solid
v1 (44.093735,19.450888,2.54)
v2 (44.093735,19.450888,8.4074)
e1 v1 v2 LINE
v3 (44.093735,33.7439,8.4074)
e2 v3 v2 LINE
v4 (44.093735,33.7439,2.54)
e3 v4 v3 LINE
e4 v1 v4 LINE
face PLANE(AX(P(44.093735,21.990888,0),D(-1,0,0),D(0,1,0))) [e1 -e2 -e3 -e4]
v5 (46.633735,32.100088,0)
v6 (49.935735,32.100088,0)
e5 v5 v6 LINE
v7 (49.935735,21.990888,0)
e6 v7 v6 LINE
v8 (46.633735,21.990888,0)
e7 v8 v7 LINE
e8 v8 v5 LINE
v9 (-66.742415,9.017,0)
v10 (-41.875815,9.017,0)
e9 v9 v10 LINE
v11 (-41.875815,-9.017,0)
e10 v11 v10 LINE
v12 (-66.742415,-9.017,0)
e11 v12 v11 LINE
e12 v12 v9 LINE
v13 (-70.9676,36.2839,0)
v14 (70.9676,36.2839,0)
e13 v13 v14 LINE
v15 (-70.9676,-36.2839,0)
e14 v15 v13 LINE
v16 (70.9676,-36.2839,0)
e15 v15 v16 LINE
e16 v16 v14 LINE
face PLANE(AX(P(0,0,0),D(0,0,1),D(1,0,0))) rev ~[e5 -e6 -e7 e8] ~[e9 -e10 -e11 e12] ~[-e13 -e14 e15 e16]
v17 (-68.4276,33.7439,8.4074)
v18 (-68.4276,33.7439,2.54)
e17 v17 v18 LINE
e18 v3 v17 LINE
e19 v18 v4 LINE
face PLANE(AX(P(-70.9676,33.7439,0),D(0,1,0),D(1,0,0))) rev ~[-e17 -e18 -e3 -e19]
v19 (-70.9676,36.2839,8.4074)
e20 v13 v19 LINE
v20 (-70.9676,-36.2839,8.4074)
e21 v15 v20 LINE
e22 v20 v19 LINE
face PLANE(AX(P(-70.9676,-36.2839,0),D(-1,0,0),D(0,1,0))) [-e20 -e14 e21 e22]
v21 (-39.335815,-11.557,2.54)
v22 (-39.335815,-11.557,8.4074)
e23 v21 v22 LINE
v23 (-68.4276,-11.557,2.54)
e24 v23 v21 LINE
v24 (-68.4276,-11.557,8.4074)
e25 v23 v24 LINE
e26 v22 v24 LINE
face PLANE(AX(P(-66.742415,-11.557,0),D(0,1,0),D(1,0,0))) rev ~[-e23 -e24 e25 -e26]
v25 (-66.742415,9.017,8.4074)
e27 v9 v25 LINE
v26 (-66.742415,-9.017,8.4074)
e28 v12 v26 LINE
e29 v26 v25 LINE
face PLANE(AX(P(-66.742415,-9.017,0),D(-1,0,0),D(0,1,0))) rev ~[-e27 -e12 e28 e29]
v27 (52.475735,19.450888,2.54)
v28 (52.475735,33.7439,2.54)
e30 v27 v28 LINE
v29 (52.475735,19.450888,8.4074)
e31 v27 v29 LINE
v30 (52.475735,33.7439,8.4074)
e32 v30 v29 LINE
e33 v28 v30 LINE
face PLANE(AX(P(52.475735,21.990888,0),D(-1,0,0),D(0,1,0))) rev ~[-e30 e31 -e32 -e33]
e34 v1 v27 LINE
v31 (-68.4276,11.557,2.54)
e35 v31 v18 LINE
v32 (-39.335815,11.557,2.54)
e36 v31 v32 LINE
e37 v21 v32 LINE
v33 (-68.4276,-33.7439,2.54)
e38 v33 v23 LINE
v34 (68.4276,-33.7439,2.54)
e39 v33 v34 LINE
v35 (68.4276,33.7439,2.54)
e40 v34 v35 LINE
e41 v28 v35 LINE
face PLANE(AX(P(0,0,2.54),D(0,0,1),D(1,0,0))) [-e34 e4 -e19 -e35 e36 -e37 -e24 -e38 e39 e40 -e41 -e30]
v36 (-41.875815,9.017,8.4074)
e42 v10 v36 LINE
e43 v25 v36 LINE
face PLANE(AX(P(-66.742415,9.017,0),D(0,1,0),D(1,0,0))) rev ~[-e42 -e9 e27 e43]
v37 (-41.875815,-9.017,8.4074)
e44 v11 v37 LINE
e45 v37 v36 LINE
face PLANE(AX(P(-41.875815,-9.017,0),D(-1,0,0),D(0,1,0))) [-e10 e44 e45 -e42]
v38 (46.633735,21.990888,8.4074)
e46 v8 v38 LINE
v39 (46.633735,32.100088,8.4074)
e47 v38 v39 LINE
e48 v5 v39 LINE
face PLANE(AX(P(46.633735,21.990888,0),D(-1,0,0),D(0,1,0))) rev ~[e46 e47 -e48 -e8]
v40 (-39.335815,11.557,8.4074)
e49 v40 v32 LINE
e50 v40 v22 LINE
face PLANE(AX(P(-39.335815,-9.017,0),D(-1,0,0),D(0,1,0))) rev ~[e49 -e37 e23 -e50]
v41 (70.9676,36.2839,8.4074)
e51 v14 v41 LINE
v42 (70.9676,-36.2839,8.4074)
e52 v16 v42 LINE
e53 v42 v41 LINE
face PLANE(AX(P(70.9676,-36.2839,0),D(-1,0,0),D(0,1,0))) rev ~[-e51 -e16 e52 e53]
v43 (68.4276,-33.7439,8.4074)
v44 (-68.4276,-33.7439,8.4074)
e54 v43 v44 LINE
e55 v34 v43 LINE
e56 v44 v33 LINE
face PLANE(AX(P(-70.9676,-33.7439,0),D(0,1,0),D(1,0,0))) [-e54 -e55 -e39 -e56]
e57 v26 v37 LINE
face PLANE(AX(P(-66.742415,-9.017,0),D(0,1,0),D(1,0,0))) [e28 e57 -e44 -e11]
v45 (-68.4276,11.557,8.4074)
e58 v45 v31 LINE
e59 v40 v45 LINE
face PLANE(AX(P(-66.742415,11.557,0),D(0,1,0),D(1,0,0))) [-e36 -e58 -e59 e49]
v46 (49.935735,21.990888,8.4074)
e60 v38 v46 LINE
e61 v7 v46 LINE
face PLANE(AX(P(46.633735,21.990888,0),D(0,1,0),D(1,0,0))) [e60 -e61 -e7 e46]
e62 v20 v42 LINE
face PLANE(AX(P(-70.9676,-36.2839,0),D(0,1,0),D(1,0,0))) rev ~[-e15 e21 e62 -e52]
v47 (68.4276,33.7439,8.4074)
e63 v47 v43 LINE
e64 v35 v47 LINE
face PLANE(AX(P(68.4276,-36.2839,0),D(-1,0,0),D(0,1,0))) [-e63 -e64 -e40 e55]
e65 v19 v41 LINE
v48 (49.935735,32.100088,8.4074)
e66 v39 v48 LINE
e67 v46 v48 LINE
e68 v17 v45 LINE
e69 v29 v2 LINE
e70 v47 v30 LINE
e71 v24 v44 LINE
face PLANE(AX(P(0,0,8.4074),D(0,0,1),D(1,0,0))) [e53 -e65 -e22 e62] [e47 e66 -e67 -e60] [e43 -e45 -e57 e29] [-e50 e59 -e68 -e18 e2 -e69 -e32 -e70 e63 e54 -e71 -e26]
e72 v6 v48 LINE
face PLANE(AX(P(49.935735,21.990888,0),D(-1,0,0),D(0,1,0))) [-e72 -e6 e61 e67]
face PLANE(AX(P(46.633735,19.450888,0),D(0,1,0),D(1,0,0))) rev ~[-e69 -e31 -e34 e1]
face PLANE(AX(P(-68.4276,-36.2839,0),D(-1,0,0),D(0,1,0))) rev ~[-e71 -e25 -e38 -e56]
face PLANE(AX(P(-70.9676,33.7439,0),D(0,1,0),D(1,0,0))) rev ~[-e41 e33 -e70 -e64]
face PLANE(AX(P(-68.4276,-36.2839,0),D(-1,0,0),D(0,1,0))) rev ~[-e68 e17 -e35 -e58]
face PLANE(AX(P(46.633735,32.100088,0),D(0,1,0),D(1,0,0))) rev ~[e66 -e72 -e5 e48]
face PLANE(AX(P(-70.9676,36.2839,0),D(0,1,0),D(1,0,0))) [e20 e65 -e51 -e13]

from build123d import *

# Parameters (mm, degrees)
F0_W     = 141.9352
F0_H     = 72.5678
F0_W_2   = 24.8666
F0_H_2   = 18.034
F0_W_3   = 3.302
F0_H_3   = 10.1092
F1_DEPTH = 8.4074
F2_T     = -2.54


with BuildPart() as f1:
    # F0 (on Top) → F1 (new body)
    with BuildSketch(Plane.XY):
        Rectangle(F0_W, F0_H)
        with Locations((-54.3091148138, 0)):
            Rectangle(F0_W_2, F0_H_2, mode=Mode.SUBTRACT)
        with Locations((48.2847352991, 27.0454883575)):
            Rectangle(F0_W_3, F0_H_3, mode=Mode.SUBTRACT)
    extrude(amount=F1_DEPTH)

    # F2
    f2_openings = [f1.faces().sort_by_distance(p)[0] for p in [
        (2.316419, -0.091952, 8.4074),
    ]]
    offset(amount=F2_T, openings=f2_openings, kind=Kind.INTERSECTION)


solid = f1.part
